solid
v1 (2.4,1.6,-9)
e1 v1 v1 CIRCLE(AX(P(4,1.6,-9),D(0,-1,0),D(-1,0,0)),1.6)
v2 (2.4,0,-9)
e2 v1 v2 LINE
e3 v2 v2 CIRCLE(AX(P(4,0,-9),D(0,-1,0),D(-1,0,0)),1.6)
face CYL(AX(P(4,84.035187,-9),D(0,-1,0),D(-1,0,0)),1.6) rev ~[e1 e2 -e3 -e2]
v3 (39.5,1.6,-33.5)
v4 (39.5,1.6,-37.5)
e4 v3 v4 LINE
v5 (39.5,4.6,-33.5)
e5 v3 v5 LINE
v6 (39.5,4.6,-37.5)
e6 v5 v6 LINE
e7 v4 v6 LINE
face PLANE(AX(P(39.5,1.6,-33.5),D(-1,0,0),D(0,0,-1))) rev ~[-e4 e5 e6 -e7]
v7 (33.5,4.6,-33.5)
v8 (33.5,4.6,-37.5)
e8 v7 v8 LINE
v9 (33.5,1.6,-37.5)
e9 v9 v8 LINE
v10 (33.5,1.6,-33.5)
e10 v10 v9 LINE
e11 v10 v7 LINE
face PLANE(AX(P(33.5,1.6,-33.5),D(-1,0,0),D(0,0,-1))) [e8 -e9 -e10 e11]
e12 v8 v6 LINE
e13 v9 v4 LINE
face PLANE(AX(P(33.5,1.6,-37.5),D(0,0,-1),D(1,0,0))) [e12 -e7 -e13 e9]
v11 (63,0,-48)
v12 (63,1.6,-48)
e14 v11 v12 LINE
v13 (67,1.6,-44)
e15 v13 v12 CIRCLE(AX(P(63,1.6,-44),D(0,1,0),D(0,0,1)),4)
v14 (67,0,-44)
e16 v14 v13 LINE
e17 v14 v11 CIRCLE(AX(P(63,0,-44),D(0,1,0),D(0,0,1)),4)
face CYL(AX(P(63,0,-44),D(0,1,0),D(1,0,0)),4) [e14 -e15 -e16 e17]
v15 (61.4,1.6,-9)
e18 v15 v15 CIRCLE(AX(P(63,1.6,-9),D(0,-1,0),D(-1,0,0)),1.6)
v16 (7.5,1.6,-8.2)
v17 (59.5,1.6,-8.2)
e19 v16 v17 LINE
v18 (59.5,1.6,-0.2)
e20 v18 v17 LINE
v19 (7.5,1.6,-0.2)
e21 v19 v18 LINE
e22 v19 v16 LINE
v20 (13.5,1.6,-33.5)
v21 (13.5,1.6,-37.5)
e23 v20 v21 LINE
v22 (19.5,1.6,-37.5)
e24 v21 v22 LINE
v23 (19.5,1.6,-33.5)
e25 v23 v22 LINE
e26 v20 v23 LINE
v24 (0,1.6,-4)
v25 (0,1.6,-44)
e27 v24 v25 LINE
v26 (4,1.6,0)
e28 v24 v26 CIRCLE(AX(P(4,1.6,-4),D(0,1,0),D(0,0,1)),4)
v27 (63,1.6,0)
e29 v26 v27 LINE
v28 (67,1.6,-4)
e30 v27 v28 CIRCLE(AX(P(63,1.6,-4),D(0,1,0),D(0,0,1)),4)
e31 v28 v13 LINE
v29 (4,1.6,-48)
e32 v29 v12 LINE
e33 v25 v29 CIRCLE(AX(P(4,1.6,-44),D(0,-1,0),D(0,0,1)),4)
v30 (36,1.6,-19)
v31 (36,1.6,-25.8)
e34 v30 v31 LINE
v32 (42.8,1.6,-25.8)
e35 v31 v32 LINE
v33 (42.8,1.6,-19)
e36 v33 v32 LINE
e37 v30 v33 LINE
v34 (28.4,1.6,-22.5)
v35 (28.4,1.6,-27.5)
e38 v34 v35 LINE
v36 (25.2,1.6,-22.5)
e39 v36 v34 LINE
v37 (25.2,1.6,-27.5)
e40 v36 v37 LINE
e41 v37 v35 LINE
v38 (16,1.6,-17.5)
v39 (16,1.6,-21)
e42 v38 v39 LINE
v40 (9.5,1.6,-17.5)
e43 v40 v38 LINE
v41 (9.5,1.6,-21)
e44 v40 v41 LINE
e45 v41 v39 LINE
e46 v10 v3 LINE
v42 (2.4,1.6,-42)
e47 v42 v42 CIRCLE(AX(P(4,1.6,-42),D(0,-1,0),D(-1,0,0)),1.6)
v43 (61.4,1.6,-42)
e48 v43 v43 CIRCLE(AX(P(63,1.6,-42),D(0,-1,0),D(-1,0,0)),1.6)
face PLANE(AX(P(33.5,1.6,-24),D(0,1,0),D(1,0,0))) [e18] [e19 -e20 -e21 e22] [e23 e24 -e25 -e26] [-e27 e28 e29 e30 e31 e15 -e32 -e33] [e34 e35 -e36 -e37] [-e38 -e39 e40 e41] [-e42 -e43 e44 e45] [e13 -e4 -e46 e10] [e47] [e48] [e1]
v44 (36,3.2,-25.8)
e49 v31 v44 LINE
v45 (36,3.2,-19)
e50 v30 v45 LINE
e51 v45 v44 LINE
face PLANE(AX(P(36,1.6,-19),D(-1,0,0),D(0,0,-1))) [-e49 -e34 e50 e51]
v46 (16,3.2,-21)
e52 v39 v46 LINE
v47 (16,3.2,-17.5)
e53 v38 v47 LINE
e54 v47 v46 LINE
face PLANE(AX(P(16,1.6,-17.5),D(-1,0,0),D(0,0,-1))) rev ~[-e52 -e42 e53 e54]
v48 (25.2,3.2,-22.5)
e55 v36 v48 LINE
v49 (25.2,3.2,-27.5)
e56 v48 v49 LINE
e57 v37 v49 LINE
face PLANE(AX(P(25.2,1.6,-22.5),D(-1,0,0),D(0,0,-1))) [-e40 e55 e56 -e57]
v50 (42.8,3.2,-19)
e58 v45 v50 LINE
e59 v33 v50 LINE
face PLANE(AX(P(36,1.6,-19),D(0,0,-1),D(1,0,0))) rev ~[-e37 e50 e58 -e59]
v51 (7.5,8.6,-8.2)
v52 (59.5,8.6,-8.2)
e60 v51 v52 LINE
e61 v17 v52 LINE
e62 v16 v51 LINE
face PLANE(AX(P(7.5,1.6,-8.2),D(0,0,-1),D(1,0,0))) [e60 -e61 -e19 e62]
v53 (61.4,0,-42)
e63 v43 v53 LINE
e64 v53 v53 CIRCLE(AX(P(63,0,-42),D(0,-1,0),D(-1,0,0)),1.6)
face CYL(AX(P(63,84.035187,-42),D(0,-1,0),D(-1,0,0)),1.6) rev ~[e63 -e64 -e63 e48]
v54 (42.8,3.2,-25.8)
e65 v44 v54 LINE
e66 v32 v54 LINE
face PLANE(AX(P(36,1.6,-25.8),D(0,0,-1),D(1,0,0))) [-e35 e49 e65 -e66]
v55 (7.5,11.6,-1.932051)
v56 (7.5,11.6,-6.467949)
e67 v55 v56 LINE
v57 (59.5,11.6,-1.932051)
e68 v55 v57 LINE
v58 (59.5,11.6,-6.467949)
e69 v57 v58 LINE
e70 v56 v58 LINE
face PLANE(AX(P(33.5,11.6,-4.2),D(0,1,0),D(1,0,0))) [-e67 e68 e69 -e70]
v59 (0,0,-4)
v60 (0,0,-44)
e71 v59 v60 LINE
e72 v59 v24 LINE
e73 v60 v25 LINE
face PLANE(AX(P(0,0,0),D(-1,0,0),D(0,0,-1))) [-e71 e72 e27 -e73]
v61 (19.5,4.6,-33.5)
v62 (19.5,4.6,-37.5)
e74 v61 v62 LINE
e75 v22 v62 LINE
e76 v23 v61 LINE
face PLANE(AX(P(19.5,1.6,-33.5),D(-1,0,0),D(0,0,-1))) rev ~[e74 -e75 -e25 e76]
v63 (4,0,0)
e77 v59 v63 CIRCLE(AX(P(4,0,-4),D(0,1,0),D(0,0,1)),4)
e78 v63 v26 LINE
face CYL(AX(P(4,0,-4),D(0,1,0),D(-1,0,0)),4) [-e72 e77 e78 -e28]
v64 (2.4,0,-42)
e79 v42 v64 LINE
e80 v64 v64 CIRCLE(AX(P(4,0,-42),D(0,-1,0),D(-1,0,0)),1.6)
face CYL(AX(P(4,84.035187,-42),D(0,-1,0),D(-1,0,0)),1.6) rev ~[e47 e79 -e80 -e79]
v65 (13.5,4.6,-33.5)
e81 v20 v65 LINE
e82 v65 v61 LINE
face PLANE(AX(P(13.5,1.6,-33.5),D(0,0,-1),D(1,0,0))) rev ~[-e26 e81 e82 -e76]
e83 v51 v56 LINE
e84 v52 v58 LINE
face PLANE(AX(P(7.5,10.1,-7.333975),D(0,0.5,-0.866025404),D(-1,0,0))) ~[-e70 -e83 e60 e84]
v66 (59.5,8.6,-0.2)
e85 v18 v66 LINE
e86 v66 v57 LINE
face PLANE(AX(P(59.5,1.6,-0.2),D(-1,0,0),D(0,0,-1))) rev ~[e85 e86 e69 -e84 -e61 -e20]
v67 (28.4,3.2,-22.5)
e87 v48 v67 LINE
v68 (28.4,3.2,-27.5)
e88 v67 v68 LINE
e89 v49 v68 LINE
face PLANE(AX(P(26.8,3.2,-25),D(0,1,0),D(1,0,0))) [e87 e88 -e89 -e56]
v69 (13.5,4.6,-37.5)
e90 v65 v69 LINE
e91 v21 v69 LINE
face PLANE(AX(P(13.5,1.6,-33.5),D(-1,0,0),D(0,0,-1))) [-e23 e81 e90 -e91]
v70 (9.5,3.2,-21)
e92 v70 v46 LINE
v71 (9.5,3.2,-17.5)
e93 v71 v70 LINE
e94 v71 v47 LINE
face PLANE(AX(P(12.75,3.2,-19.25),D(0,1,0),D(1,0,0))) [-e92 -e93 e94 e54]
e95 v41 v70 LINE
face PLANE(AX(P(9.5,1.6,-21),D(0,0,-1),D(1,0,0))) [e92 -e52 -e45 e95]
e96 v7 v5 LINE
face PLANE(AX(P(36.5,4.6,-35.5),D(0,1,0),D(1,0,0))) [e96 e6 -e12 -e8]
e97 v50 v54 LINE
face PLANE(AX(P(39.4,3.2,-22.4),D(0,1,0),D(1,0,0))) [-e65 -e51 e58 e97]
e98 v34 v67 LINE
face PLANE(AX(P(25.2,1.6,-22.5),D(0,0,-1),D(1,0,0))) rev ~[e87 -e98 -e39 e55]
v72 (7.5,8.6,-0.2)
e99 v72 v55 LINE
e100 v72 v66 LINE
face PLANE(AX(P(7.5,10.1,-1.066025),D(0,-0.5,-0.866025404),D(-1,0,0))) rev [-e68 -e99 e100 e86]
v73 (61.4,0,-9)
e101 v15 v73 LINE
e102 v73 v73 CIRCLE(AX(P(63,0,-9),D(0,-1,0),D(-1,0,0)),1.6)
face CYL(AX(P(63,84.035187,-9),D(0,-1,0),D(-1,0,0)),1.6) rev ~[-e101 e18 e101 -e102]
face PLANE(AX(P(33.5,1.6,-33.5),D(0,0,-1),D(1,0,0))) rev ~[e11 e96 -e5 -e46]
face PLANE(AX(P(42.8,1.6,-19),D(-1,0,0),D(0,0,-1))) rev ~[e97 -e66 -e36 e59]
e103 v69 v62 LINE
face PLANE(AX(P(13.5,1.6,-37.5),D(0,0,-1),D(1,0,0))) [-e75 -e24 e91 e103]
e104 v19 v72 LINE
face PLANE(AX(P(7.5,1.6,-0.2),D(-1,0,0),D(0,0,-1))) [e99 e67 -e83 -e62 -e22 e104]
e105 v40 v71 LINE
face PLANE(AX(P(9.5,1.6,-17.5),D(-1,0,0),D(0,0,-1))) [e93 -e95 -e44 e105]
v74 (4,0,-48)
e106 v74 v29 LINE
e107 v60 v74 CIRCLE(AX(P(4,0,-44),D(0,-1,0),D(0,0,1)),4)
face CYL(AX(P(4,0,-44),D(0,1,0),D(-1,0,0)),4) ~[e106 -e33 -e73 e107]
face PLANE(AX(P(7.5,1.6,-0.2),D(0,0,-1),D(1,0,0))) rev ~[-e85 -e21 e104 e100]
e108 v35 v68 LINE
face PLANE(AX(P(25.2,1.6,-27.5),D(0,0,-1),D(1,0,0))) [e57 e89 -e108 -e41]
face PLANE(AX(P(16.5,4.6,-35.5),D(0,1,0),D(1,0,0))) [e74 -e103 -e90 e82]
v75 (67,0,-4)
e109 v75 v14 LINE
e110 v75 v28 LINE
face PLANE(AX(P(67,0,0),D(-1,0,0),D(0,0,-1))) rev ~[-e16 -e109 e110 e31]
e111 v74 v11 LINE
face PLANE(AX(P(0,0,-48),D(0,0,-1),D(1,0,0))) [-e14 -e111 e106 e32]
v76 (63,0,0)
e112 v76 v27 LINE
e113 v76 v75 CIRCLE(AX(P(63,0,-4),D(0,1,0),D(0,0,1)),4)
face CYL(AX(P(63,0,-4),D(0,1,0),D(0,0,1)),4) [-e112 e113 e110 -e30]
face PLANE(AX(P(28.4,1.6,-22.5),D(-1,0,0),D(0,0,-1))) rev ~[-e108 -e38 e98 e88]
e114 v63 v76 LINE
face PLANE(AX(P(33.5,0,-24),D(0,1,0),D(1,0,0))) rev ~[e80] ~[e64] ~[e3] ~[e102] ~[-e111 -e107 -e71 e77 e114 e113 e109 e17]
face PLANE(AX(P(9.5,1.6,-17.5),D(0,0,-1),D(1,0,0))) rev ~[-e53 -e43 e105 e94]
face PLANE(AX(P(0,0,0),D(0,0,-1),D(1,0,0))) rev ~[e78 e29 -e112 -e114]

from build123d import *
from OCP.BRepFilletAPI import BRepFilletAPI_MakeChamfer

# Parameters (mm, degrees)
SKETCH_1_W              = 67
SKETCH_1_H              = 48
EXTRUDE_1_DEPTH         = 1.6
FILLET_1_R              = 4
HOLE_WIZARD_3_2_3_2_1_D = 3.2
SKETCH_4_W              = 6.8
SKETCH_4_H              = 6.8
SKETCH_4_W_2            = 3.2
SKETCH_4_H_2            = 5
SKETCH_4_W_3            = 6.5
SKETCH_4_H_3            = 3.5
EXTRUDE_2_DEPTH         = 1.6
SKETCH_5_W              = 52
SKETCH_5_H              = 8
EXTRUDE_4_DEPTH         = 10
CHAMFER_1_SIZE          = 3
CHAMFER_1_SIZE2         = 1.732050808
SKETCH_7_W              = 6
SKETCH_7_H              = 4
EXTRUDE_5_DEPTH         = 3


with BuildPart() as part:
    # 草图1 → 凸台-拉伸1 (new body)
    with BuildSketch(Plane(origin=(0, 0, 0), x_dir=(1, 0, 0), z_dir=(0, 1, 0))):
        with Locations((33.5, 24)):
            Rectangle(SKETCH_1_W, SKETCH_1_H)
    extrude(amount=EXTRUDE_1_DEPTH)

    # 圆角1
    fillet_1_edges = [part.edges().sort_by_distance(p)[0] for p in [
        (0, 0.8, -48),
        (67, 0.8, -48),
        (67, 0.8, 0),
        (0, 0.8, 0),
    ]]
    fillet(fillet_1_edges, radius=FILLET_1_R)

    # Ø3.2 (3.2) 直径孔1 (through all)
    with Locations(Plane(origin=(0, 1.6, 0), x_dir=(1, 0, 0), z_dir=(0, 1, 0))):
        with Locations((4, 9), (4, 42), (63, 42), (63, 9)):
            Hole(HOLE_WIZARD_3_2_3_2_1_D / 2)

    # 草图4 → 凸台-拉伸2 (add)
    with BuildSketch(Plane(origin=(0, 1.6, 0), x_dir=(1, 0, 0), z_dir=(0, 1, 0))):
        with Locations((39.4, 22.4)):
            Rectangle(SKETCH_4_W, SKETCH_4_H)
        with Locations((26.8, 25)):
            Rectangle(SKETCH_4_W_2, SKETCH_4_H_2)
        with Locations((12.75, 19.25)):
            Rectangle(SKETCH_4_W_3, SKETCH_4_H_3)
    extrude(amount=EXTRUDE_2_DEPTH)

    # 草图5 → 凸台-拉伸4 (add)
    with BuildSketch(Plane(origin=(0, 1.6, 0), x_dir=(1, 0, 0), z_dir=(0, 1, 0))):
        with Locations((33.5, 4.2)):
            Rectangle(SKETCH_5_W, SKETCH_5_H)
    extrude(amount=EXTRUDE_4_DEPTH)

    # 倒角1: one chamfer whose edges measure the first distance from different faces: ONE call of the kernel's chamfer builder (chamfer() names one face for all edges)
    chamfer_1_edges_1 = [part.edges().sort_by_distance(p)[0] for p in [
        (33.5, 11.6, -0.2),
    ]]
    chamfer_1_side_1 = [part.faces().sort_by_distance(p)[0] for p in [
        (33.5, 6.6, -0.2),
    ]]
    chamfer_1_edges_2 = [part.edges().sort_by_distance(p)[0] for p in [
        (33.5, 11.6, -8.2),
    ]]
    chamfer_1_side_2 = [part.faces().sort_by_distance(p)[0] for p in [
        (33.5, 6.6, -8.2),
    ]]
    chamfer_1 = BRepFilletAPI_MakeChamfer(part.part.solid().wrapped)
    for e in chamfer_1_edges_1:
        chamfer_1.Add(CHAMFER_1_SIZE, CHAMFER_1_SIZE2, e.wrapped, chamfer_1_side_1[0].wrapped)  # the first distance lies on this face
    for e in chamfer_1_edges_2:
        chamfer_1.Add(CHAMFER_1_SIZE, CHAMFER_1_SIZE2, e.wrapped, chamfer_1_side_2[0].wrapped)  # the first distance lies on this face
    add(Compound.cast(chamfer_1.Shape()), mode=Mode.REPLACE)

    # 草图7 → 凸台-拉伸5 (add)
    with BuildSketch(Plane(origin=(0, 1.6, 0), x_dir=(1, 0, 0), z_dir=(0, 1, 0))):
        with Locations((16.5, 35.5)):
            Rectangle(SKETCH_7_W, SKETCH_7_H)
        with Locations((36.5, 35.5)):
            Rectangle(SKETCH_7_W, SKETCH_7_H)
    extrude(amount=EXTRUDE_5_DEPTH)


solid = part.part
